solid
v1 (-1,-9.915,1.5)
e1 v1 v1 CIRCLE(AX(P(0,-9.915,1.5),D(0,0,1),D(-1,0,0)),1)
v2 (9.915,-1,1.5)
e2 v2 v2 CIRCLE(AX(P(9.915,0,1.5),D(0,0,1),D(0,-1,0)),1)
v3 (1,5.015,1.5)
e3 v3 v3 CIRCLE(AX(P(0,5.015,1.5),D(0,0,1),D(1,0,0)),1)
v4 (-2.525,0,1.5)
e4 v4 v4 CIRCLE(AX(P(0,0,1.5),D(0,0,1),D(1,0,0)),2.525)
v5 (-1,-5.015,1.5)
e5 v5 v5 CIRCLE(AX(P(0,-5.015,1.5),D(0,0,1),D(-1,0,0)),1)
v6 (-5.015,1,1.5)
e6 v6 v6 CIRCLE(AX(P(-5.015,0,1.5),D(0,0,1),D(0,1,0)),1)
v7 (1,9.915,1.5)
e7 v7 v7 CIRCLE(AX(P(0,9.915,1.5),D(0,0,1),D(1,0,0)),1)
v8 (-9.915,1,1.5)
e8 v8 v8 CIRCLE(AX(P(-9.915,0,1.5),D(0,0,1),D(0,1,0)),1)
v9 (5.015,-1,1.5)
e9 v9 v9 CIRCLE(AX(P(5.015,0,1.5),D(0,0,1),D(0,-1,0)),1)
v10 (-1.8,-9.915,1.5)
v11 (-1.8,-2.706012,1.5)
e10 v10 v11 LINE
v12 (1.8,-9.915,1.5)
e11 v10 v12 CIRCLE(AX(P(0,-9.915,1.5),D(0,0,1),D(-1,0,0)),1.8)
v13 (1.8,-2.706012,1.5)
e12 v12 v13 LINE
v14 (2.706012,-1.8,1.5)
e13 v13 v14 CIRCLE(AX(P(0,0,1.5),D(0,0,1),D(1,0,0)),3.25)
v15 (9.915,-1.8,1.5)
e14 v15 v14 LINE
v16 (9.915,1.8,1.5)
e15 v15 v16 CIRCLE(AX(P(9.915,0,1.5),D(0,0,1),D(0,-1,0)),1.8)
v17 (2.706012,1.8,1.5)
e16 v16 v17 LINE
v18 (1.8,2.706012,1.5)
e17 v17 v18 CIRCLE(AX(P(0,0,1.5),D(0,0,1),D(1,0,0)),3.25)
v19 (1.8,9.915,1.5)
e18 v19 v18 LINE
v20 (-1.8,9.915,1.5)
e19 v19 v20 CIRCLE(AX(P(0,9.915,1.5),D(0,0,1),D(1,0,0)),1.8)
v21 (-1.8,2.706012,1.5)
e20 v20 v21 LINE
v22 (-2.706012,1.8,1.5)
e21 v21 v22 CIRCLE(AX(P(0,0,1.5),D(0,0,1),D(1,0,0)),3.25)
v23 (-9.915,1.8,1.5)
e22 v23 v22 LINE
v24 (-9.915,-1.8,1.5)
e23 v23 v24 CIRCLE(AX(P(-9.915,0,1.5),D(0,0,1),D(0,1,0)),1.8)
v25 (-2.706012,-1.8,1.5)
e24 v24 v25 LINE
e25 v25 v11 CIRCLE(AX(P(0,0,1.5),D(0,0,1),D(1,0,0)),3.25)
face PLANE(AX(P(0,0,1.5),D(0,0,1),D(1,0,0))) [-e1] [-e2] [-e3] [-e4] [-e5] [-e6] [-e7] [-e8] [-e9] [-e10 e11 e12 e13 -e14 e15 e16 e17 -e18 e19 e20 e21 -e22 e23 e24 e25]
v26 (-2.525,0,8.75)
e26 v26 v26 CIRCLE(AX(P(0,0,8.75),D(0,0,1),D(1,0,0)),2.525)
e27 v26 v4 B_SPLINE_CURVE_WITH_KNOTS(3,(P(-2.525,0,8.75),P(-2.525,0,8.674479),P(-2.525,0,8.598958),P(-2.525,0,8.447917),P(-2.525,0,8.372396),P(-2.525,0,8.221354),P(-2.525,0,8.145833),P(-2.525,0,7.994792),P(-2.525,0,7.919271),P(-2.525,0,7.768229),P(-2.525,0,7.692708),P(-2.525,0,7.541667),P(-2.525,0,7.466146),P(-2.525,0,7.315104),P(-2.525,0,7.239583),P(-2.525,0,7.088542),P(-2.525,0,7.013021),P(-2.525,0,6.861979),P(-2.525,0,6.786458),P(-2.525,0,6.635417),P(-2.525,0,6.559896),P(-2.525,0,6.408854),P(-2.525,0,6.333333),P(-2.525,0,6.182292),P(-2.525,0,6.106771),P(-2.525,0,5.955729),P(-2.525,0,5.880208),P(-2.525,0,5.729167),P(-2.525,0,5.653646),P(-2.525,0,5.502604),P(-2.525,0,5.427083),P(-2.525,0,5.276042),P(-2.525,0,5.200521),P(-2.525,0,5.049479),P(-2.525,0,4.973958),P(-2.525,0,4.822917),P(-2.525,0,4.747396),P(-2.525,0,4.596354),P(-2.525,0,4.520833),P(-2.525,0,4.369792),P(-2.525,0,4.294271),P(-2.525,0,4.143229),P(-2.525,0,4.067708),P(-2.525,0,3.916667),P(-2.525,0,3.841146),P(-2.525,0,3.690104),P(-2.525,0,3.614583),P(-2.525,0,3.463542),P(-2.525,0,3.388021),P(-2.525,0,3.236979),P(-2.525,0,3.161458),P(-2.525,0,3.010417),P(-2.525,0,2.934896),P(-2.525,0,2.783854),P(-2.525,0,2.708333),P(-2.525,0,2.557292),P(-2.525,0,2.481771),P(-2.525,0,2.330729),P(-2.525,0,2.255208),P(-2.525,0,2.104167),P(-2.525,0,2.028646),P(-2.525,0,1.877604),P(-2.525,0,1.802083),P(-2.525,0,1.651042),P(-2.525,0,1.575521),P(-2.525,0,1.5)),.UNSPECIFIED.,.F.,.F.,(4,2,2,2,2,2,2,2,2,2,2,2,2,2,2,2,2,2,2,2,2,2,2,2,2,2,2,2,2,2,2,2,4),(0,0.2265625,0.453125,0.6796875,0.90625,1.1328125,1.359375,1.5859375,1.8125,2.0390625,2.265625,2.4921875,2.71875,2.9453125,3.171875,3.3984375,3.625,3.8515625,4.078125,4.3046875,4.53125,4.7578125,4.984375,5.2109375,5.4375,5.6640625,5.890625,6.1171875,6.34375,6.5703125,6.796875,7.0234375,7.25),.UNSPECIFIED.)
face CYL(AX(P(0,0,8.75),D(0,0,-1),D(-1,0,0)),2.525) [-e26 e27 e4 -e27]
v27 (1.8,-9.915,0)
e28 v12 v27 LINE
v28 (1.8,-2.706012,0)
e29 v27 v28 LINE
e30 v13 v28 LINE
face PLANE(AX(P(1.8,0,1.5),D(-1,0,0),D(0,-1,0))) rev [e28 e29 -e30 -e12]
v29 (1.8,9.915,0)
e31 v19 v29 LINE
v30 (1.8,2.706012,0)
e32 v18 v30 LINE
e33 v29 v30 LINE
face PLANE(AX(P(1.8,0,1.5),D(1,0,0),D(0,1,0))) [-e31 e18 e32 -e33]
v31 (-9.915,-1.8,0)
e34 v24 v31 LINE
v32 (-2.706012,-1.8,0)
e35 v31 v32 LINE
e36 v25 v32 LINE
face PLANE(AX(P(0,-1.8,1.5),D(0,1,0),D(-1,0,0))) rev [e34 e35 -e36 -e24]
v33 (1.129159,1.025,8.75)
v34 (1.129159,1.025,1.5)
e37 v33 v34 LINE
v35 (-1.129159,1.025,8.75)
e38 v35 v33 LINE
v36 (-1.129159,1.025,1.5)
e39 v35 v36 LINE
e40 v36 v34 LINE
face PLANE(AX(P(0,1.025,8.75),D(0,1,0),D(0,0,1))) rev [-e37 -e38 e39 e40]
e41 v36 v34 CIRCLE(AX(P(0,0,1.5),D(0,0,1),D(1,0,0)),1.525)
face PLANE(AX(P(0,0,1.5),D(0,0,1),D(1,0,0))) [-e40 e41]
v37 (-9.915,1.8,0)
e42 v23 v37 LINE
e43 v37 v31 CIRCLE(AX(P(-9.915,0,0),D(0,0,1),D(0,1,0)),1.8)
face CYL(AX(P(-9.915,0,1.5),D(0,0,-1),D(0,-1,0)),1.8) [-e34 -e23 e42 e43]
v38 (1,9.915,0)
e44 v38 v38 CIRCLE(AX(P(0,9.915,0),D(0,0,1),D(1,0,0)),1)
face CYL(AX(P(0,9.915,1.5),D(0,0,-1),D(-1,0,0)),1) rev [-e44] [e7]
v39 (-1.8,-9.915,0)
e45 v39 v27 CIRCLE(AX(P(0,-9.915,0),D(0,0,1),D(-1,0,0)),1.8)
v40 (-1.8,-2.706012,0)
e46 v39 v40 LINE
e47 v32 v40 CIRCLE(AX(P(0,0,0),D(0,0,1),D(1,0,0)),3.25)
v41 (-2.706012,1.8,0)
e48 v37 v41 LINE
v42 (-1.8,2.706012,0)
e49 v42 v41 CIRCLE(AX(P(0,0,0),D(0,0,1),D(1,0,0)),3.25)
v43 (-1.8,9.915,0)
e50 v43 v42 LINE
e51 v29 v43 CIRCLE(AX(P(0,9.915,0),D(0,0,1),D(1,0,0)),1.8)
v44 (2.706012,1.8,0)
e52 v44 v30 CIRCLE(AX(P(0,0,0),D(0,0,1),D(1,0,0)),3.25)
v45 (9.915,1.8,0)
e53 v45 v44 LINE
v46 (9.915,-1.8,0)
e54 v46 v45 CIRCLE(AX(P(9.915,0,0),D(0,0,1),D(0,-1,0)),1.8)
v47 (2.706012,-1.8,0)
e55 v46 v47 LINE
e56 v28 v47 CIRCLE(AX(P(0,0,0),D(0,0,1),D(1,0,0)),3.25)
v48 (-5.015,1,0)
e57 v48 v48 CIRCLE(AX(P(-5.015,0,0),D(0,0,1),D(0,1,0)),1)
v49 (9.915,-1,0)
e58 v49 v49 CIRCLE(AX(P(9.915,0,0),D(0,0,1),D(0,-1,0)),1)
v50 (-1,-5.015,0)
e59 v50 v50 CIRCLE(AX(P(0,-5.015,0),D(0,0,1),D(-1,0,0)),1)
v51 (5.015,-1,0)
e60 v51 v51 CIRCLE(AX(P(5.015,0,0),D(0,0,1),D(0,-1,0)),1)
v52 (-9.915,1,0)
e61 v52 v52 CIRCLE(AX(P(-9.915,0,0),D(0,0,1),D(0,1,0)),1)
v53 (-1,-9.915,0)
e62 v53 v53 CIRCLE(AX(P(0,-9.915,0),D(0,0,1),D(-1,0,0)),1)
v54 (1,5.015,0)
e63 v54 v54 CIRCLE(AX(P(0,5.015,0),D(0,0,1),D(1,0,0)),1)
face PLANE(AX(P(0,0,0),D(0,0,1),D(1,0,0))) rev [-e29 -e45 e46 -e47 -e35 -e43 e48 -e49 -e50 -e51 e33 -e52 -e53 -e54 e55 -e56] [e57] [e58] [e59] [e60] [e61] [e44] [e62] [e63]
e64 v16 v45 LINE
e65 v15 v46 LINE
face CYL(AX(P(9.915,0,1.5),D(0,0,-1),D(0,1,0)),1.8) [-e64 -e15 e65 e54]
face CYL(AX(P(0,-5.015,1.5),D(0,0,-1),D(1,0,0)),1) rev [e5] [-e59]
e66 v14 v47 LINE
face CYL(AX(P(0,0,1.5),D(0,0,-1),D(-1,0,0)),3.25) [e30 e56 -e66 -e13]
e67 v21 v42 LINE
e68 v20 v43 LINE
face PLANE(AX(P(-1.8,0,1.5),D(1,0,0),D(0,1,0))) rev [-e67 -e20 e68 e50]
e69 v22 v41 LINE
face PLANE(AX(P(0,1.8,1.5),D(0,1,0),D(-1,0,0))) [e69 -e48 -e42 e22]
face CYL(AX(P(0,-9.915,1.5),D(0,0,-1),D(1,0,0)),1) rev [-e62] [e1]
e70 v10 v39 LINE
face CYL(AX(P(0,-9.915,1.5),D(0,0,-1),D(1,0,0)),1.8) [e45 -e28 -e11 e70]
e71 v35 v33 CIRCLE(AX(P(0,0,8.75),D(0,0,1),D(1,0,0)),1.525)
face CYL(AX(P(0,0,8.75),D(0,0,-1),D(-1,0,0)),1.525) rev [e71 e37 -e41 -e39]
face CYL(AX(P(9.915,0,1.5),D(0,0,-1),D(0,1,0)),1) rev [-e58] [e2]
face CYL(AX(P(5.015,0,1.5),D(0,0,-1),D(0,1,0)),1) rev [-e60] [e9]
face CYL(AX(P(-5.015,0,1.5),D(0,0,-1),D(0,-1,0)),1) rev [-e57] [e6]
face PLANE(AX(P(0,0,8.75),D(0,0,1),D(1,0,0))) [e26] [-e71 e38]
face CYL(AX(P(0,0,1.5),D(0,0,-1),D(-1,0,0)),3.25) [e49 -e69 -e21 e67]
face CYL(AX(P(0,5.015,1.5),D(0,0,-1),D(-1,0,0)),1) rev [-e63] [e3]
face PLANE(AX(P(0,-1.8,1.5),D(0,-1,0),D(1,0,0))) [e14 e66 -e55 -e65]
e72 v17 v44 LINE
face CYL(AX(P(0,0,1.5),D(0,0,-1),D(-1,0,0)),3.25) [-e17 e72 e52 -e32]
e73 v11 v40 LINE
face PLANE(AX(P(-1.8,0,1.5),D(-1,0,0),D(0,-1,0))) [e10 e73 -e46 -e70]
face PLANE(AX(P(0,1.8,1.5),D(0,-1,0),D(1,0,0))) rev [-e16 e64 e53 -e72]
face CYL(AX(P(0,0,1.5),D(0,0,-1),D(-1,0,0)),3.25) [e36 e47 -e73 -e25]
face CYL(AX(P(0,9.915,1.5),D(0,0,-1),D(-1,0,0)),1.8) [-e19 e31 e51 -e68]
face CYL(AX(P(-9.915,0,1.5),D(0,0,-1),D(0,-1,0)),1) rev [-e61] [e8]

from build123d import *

# Parameters (mm, degrees)
SKETCH1_R           = 1
BOSS_EXTRUDE1_DEPTH = 1.5
CIRPATTERN1_COUNT   = 4
SKETCH3_R           = 2.525
SKETCH3_R_2         = 1.525
BOSS_EXTRUDE3_DEPTH = 7.25


with BuildPart() as part:
    # Sketch1 → Boss-Extrude1 (new body)
    with BuildSketch(Plane.XY):
        with BuildLine():
            Line((1.8, 2.706011826), (1.8, 9.915))
            ThreePointArc((1.8, 9.915), (0, 11.715), (-1.8, 9.915))
            Line((-1.8, 9.915), (-1.8, 2.706011826))
            ThreePointArc((-1.8, 2.706011826), (0, -3.25), (1.8, 2.706011826))
        make_face()
        with Locations((0, 5.015)):
            Circle(SKETCH1_R, mode=Mode.SUBTRACT)
        with Locations((0, 9.915)):
            Circle(SKETCH1_R, mode=Mode.SUBTRACT)
    boss_extrude1 = extrude(amount=BOSS_EXTRUDE1_DEPTH)

    # CirPattern1: Boss-Extrude1 ×4 about axis
    cirpattern1_axis = Axis((0, 0, 0), (0, 0, 1))
    for i in range(1, CIRPATTERN1_COUNT):
        add(boss_extrude1.rotate(cirpattern1_axis, i * 360 / CIRPATTERN1_COUNT))

    # Sketch3 → Boss-Extrude3 (add)
    # profile 1 of 3: a face of its own
    with BuildSketch(Plane.XY.offset(1.5)):
        with Locations(Location((0, 0, 0), (0, 0, 180))):
            Circle(SKETCH3_R)
        Circle(SKETCH3_R_2, mode=Mode.SUBTRACT)
    # profile 2 of 3: a face of its own
    with BuildSketch(Plane.XY.offset(1.5)):
        with BuildLine():
            ThreePointArc((1.129158979, 1.025), (0, 1.525), (-1.129158979, 1.025))
            Line((-1.129158979, 1.025), (1.129158979, 1.025))
        make_face()
    # profile 3 of 3: a face of its own
    with BuildSketch(Plane.XY.offset(1.5)):
        with BuildLine():
            ThreePointArc((1.129158979, 1.025), (0, 1.525), (-1.129158979, 1.025))
            Line((-1.129158979, 1.025), (1.129158979, 1.025))
        make_face()
    extrude(amount=BOSS_EXTRUDE3_DEPTH)


solid = part.part
